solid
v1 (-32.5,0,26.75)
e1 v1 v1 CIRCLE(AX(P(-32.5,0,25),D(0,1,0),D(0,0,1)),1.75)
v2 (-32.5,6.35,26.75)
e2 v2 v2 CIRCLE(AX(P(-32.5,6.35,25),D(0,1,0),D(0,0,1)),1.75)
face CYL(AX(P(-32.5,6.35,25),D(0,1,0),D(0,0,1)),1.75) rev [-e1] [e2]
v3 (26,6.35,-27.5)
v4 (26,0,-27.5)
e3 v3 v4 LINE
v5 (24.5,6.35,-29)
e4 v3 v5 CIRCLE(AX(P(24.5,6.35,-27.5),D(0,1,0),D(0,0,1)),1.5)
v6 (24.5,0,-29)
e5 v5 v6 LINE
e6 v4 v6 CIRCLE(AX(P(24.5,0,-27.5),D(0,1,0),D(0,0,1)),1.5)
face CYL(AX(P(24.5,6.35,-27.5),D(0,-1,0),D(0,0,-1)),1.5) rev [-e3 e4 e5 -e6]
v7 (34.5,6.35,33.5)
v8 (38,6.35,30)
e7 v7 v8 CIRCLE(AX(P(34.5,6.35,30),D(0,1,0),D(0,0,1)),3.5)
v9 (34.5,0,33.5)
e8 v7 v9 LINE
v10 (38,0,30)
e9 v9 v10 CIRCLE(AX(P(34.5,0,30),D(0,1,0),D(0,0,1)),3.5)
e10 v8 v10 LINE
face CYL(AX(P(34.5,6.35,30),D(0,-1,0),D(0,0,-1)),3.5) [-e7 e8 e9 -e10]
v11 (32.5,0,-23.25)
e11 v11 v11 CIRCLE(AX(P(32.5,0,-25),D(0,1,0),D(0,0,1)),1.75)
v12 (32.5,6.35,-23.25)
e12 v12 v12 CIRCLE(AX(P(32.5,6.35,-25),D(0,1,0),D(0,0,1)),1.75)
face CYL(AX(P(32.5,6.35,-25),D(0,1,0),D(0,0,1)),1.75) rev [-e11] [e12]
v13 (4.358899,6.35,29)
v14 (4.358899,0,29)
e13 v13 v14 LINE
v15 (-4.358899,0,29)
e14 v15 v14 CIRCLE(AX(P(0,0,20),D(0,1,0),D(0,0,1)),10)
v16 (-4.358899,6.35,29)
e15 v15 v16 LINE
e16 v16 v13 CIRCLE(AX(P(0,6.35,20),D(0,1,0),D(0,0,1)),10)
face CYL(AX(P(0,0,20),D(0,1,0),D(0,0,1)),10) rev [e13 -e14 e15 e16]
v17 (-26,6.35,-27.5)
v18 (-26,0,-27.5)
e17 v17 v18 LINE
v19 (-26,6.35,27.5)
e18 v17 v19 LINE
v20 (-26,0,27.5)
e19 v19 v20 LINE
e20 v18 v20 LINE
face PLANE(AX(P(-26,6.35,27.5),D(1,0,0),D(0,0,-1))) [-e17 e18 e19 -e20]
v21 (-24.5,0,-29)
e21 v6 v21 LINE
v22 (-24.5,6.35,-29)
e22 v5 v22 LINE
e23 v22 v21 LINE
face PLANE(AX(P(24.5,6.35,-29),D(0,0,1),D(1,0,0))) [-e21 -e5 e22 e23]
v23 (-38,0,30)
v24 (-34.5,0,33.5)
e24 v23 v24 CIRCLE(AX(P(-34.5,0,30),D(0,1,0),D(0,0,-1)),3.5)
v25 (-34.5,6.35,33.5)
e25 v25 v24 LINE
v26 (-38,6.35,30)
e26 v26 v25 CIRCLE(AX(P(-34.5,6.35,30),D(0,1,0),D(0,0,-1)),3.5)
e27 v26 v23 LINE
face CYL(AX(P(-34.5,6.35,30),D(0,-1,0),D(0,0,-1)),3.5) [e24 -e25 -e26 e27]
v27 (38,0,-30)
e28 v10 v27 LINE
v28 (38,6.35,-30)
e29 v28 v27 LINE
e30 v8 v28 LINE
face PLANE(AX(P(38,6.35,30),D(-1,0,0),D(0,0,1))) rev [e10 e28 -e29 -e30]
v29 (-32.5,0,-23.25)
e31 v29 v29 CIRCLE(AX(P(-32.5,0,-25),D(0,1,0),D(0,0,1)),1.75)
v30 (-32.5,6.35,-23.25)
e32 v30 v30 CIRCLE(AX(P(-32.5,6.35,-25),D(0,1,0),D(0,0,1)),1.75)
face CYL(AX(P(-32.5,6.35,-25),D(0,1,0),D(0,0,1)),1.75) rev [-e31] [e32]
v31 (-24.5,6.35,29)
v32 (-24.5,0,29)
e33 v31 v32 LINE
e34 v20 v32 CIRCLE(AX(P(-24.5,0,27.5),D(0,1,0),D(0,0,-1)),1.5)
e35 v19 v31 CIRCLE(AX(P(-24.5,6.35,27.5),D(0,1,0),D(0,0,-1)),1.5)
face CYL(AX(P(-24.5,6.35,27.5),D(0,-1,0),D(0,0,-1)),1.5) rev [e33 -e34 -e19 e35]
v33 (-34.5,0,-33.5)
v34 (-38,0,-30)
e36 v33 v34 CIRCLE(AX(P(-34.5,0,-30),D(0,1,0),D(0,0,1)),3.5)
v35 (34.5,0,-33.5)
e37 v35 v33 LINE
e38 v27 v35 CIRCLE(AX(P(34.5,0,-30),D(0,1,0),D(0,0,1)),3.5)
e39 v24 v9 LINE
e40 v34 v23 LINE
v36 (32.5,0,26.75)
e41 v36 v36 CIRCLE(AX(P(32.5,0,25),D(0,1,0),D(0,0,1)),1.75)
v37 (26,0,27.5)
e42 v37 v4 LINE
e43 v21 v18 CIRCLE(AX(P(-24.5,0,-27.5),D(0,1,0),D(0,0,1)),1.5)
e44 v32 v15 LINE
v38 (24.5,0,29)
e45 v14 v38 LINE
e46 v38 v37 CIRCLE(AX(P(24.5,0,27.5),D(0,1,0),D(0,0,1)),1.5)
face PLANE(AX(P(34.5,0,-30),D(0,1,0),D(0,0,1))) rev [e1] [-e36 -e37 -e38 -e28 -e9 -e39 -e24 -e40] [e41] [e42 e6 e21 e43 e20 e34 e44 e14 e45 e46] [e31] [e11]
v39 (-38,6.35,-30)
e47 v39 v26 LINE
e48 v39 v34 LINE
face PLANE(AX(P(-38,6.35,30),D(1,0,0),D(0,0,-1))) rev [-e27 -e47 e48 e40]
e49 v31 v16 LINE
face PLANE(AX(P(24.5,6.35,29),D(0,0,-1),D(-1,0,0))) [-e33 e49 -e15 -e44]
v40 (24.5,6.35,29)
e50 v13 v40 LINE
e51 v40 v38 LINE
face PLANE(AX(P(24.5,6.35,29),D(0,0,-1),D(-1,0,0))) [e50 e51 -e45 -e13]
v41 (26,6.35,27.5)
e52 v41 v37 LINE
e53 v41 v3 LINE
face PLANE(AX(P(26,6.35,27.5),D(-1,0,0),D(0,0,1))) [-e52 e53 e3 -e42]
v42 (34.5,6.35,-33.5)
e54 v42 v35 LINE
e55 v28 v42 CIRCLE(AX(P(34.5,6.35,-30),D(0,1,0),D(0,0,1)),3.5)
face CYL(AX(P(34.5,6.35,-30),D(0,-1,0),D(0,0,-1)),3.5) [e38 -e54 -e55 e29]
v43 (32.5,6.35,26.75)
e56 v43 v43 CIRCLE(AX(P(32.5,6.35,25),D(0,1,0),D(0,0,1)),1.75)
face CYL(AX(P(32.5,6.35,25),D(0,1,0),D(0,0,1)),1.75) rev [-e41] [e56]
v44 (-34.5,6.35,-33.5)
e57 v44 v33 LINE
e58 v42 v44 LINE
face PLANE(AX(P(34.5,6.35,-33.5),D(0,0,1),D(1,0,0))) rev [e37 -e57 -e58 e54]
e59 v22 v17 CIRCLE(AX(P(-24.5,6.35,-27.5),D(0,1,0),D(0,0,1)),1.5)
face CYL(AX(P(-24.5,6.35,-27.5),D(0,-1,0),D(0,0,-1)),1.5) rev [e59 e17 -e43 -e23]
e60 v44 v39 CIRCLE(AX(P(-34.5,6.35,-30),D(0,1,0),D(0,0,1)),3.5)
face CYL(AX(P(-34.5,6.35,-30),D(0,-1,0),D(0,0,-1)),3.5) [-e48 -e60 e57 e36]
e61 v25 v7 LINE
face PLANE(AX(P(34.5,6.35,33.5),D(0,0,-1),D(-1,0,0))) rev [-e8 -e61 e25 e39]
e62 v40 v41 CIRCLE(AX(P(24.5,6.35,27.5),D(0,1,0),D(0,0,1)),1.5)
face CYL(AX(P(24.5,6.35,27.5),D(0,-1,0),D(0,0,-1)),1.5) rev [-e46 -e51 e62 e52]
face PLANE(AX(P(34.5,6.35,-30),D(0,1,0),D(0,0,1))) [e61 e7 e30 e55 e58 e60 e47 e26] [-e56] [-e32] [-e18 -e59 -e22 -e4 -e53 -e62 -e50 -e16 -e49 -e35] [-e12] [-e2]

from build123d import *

# Parameters (mm, degrees)
BOSS_EXTRUDE1_DEPTH         = 6.35
TAP_DRILL_FOR_M5X0_8_TAP1_D = 3.5
SKETCH4_R                   = 10
CUT_EXTRUDE1_DEPTH          = 52.054603123


with BuildPart() as part:
    # Sketch1 → Boss-Extrude1 (new body)
    with BuildSketch(Plane(origin=(0, 0, 0), x_dir=(1, 0, 0), z_dir=(0, 1, 0))):
        with BuildLine():
            Line((34.5, -33.5), (-34.5, -33.5))
            ThreePointArc((-34.5, -33.5), (-36.974873734, -32.474873734), (-38, -30))
            Line((-38, -30), (-38, 30))
            ThreePointArc((-38, 30), (-36.974873734, 32.474873734), (-34.5, 33.5))
            Line((-34.5, 33.5), (34.5, 33.5))
            ThreePointArc((34.5, 33.5), (36.974873734, 32.474873734), (38, 30))
            Line((38, 30), (38, -30))
            ThreePointArc((38, -30), (36.974873734, -32.474873734), (34.5, -33.5))
        make_face()
        with BuildLine():
            Line((24.5, -29), (-24.5, -29))
            ThreePointArc((-24.5, -29), (-25.560660172, -28.560660172), (-26, -27.5))
            Line((-26, -27.5), (-26, 27.5))
            ThreePointArc((-26, 27.5), (-25.560660172, 28.560660172), (-24.5, 29))
            Line((-24.5, 29), (24.5, 29))
            ThreePointArc((24.5, 29), (25.560660172, 28.560660172), (26, 27.5))
            Line((26, 27.5), (26, -27.5))
            ThreePointArc((26, -27.5), (25.560660172, -28.560660172), (24.5, -29))
        make_face(mode=Mode.SUBTRACT)
    extrude(amount=BOSS_EXTRUDE1_DEPTH)

    # Tap Drill for M5x0.8 Tap1 (through all)
    with Locations(Plane(origin=(0, 6.35, 0), x_dir=(1, 0, 0), z_dir=(0, 1, 0))):
        with Locations((-32.5, -25), (-32.5, 25), (32.5, -25), (32.5, 25)):
            Hole(TAP_DRILL_FOR_M5X0_8_TAP1_D / 2)

    # Sketch4 → Cut-Extrude1 (cut, through all)
    with BuildSketch(Plane(origin=(0, 6.35, 0), x_dir=(1, 0, 0), z_dir=(0, 1, 0))):
        with Locations((0, -20)):
            Circle(SKETCH4_R)
    extrude(amount=-CUT_EXTRUDE1_DEPTH, mode=Mode.SUBTRACT)


solid = part.part
